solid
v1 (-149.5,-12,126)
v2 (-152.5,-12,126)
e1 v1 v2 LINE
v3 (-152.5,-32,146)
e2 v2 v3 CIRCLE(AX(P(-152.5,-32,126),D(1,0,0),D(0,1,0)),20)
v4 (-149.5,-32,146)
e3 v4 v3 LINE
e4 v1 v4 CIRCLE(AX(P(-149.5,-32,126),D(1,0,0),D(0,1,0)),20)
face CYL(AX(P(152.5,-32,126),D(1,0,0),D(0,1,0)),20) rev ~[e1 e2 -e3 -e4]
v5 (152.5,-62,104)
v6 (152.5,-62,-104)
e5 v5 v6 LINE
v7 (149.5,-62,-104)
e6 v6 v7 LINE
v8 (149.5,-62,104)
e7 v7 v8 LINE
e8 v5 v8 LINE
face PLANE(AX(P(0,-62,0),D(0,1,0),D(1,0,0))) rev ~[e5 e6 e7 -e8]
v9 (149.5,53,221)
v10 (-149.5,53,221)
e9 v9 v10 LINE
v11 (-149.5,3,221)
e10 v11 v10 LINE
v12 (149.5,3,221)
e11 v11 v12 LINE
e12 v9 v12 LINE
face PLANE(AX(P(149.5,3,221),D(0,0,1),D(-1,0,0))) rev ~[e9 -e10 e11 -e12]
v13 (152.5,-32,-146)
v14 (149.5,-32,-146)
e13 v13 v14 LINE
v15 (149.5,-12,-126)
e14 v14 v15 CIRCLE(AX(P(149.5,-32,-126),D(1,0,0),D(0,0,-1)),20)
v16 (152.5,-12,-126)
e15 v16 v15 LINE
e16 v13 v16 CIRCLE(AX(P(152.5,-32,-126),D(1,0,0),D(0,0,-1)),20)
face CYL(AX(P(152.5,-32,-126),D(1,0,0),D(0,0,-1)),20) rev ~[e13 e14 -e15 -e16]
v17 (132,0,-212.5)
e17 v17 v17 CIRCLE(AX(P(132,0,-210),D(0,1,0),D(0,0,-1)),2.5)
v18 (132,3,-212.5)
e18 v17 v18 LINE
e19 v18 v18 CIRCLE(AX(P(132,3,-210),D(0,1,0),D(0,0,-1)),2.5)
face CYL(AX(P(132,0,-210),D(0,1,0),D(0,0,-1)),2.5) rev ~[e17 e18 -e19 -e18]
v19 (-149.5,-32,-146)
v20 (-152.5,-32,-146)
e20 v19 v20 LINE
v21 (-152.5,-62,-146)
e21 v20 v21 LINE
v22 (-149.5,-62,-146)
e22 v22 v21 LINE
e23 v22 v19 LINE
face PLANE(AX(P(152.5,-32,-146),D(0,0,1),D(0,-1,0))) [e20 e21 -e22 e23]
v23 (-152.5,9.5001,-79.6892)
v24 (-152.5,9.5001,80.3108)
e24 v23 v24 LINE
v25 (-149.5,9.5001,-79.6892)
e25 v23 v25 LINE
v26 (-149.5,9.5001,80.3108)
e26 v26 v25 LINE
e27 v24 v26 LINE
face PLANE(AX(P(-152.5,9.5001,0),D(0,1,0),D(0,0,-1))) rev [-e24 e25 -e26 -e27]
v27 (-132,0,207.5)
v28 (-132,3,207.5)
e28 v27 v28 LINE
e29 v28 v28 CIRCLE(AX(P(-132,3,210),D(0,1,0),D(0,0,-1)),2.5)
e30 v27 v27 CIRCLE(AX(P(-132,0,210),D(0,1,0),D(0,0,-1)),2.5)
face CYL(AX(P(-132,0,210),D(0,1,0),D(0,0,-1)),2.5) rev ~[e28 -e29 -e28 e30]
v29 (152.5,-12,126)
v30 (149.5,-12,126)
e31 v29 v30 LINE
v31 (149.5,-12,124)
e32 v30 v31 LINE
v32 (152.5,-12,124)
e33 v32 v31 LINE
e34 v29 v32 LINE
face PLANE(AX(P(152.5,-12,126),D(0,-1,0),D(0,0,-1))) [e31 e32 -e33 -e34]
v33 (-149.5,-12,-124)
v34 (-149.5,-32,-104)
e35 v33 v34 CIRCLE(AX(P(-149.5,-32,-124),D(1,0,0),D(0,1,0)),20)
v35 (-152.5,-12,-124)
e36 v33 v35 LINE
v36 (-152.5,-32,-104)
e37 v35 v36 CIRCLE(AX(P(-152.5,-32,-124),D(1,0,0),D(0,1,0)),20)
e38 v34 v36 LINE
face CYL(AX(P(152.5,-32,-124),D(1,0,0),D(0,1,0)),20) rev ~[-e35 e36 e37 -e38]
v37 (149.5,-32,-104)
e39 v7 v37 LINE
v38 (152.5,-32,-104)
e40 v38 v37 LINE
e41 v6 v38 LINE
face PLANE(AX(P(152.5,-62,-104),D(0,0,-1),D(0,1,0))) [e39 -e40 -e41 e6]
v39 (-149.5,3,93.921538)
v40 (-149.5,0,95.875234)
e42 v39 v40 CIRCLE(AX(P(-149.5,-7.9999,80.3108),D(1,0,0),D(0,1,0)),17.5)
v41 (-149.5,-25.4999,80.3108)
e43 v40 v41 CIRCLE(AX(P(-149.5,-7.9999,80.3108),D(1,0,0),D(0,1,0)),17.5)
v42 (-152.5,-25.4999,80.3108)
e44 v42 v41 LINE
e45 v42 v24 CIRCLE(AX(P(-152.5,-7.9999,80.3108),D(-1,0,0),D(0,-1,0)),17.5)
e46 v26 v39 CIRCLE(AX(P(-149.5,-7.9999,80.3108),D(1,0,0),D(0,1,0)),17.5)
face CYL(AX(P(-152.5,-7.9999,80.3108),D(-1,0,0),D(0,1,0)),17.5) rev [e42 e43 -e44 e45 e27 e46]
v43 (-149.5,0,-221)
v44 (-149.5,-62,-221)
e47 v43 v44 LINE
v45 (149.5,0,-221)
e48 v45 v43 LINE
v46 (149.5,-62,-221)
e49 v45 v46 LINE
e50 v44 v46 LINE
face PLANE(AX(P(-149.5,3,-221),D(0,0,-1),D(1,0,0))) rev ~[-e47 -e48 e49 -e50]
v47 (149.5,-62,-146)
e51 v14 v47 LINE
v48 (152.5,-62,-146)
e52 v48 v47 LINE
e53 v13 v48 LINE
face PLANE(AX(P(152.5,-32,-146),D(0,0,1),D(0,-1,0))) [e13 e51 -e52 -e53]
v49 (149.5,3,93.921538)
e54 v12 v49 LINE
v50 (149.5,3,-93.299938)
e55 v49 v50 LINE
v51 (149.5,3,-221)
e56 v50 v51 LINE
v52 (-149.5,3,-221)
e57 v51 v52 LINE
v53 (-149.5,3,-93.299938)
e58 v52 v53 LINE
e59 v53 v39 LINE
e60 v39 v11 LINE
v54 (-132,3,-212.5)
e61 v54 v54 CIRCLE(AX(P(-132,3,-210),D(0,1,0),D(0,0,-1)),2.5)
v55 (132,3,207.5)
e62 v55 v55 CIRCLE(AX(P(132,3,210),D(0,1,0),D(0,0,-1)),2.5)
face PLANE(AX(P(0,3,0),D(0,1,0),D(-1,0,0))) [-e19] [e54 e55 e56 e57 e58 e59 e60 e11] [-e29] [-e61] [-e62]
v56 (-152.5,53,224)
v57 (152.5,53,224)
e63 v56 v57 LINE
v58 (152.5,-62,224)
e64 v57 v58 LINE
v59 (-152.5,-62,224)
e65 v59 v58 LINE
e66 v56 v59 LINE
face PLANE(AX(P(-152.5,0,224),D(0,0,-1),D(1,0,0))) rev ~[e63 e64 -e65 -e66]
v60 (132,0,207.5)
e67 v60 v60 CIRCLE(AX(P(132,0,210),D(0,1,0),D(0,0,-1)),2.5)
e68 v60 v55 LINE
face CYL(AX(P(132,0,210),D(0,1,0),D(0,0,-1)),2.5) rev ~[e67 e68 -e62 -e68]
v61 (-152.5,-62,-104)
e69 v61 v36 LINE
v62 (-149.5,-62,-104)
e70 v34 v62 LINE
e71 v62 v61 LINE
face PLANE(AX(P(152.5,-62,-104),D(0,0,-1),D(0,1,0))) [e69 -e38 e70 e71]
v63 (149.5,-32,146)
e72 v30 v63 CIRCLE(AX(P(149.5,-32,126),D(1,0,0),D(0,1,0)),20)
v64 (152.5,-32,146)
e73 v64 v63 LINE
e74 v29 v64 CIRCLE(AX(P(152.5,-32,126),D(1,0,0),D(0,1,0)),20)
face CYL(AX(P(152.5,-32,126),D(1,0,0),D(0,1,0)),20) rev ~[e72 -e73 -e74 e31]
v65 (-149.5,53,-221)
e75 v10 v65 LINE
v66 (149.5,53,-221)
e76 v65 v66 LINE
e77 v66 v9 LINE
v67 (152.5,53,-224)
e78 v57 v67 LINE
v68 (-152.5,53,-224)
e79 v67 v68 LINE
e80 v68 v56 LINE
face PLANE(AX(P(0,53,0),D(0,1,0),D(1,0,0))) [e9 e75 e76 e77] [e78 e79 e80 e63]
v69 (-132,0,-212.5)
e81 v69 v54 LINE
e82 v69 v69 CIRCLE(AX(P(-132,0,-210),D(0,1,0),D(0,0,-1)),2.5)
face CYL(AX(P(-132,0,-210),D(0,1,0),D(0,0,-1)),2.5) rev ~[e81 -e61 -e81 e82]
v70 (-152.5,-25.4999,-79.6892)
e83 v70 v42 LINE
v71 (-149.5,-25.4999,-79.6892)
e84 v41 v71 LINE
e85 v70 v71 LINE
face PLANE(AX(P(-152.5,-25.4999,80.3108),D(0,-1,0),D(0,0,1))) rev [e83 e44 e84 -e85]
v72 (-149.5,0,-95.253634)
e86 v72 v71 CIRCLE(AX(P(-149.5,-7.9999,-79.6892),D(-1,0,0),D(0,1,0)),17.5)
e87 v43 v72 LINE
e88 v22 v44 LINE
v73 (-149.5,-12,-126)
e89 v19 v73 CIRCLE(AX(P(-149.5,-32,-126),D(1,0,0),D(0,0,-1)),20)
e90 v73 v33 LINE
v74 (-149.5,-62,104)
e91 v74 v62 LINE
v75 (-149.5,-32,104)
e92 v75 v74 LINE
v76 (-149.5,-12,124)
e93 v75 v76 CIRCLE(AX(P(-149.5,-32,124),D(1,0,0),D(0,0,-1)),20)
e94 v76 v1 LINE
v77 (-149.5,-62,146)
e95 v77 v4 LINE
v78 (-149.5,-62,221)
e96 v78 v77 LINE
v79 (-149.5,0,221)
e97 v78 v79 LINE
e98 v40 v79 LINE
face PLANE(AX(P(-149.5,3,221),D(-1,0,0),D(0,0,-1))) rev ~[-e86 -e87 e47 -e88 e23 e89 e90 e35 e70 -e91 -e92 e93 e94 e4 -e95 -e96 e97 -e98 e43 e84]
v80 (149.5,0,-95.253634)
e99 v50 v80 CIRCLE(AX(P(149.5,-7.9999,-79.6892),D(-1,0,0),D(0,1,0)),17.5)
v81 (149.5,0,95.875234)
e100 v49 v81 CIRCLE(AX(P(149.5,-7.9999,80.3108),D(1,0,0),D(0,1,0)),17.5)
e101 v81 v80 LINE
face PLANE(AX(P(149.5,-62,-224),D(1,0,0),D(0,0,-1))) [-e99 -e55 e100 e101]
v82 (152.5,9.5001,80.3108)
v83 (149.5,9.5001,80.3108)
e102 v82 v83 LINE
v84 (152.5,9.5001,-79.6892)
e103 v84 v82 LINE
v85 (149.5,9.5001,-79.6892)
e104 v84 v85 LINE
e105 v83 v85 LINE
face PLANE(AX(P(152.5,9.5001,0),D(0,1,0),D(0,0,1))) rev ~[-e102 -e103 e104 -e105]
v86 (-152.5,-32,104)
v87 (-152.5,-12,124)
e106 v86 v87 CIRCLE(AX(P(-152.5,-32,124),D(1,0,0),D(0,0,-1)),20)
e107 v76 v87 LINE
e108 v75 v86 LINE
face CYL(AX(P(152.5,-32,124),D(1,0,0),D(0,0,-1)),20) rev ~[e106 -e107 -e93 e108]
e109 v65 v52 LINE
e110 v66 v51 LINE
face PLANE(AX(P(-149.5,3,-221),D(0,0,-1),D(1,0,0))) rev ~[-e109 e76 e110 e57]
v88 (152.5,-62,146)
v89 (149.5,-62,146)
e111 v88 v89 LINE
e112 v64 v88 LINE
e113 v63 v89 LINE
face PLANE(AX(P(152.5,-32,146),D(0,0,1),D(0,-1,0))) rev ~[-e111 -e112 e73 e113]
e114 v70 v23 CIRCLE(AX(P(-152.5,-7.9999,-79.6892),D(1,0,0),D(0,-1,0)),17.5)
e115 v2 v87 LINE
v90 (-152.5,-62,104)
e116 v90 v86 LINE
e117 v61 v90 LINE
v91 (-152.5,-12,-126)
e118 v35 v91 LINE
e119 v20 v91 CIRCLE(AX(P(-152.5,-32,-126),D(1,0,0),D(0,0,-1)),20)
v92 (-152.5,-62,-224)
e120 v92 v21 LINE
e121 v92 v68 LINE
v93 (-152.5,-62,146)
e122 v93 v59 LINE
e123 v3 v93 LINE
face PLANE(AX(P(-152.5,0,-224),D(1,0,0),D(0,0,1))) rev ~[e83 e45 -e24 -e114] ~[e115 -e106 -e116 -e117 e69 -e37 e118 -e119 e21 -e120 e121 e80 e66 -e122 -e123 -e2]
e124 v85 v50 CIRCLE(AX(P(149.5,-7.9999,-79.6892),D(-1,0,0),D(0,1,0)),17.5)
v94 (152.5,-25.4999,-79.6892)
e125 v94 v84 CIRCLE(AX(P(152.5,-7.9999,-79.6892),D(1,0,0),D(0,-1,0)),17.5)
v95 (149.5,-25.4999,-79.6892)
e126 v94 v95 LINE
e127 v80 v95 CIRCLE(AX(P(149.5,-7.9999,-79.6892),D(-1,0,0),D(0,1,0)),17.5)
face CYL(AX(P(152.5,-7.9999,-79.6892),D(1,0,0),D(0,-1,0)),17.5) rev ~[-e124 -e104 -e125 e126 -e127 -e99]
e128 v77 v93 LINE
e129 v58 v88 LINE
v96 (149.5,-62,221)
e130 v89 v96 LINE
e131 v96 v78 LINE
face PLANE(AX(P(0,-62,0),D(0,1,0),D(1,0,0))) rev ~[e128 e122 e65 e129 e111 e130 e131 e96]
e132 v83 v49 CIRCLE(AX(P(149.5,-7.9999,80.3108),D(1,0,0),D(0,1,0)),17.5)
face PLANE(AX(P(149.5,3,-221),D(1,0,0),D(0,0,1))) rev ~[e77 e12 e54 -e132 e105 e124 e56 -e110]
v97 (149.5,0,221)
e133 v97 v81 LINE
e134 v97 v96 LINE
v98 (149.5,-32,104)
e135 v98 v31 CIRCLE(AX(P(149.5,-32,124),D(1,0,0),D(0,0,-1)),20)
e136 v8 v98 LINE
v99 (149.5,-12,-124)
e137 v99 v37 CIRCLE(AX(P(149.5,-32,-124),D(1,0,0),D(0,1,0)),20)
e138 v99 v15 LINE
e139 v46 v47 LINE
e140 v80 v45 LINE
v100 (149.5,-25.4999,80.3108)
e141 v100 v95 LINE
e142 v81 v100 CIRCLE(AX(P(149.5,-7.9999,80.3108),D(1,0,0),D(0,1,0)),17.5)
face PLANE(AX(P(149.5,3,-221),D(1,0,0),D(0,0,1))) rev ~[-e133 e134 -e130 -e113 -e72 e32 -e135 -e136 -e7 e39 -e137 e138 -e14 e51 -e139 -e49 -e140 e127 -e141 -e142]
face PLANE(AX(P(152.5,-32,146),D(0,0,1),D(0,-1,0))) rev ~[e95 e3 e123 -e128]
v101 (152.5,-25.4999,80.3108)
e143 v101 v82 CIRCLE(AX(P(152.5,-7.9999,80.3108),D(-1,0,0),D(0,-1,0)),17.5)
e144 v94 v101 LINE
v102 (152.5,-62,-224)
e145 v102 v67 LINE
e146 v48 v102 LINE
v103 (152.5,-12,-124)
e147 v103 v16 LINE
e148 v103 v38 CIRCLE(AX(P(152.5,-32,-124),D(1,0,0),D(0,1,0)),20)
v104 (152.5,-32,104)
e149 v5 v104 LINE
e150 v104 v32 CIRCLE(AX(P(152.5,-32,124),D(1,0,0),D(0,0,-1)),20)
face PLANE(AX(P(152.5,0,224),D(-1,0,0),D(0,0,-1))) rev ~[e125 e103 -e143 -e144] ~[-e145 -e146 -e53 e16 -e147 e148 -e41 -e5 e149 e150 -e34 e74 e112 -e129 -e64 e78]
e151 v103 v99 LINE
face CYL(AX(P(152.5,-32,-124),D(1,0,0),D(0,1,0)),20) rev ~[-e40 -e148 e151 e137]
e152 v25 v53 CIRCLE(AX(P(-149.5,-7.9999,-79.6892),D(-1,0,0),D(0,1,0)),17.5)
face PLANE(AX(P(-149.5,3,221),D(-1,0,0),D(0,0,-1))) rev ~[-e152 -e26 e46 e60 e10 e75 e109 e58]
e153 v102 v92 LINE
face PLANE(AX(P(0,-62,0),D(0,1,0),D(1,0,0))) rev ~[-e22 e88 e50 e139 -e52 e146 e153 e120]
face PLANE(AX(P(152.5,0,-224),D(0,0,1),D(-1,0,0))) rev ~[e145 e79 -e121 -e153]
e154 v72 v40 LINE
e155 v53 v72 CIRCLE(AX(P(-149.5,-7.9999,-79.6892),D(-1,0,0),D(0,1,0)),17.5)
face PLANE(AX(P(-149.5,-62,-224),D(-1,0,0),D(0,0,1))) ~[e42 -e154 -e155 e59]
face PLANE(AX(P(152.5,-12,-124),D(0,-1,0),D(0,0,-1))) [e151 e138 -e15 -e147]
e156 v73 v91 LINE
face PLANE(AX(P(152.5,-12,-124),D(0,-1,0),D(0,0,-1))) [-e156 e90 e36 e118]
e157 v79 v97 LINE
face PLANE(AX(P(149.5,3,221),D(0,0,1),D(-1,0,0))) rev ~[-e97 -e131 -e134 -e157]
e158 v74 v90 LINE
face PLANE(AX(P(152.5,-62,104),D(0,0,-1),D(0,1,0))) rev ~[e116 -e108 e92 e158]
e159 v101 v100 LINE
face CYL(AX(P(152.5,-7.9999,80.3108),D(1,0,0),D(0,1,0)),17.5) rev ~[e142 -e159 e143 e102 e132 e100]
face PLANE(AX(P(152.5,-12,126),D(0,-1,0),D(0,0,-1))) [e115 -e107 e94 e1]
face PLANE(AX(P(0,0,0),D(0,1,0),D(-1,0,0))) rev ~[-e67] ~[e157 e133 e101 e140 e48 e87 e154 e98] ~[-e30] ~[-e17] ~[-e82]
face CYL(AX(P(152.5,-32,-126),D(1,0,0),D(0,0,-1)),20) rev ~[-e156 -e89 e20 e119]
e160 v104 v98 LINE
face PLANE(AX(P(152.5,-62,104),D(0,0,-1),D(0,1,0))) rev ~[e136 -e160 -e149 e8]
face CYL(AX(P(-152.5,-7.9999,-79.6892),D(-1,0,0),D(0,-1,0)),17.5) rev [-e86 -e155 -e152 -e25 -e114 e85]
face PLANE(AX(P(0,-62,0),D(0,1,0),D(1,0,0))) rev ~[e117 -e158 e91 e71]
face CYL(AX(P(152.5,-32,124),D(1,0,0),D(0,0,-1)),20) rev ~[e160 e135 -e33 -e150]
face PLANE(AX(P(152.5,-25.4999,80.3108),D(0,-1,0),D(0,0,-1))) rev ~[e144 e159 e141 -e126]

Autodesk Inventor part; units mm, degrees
ref_plane "YZ Plane" through (0, 0, 0) normal (1, 0, 0) x (0, 1, 0)
ref_plane "XZ Plane" through (0, 0, 0) normal (0, 1, 0) x (-1, 0, 0)
sketch "Sketch1" plane through (0, 0, 0) normal (0, 1, 0) x (-1, 0, 0)
  line L0 (-152.5, -224) -> (152.5, -224)
  line L1 (152.5, -224) -> (152.5, 224)
  line L2 (152.5, 224) -> (-152.5, 224)
  line L3 (-152.5, 224) -> (-152.5, -224)
  line L4 (-152.5, -224) -> (152.5, 224) construction
  line L5 (152.5, -224) -> (-152.5, 224) construction
  point P0 (0, 0)
  point P1 (132, 210)
  point P2 (-132, -210)
  point P3 (132, -210)
  point P4 (-132, 210)
  dimension "d0" = 305
  dimension "d1" = 448
extrude "Extrusion1" add sketch "Sketch1" along normal blind 3
sketch "Sketch2" plane through (0, 3, 0) normal (0, 1, 0) x (1, 0, 0)
  line L0 (-152.5, 224) -> (-152.5, -224) projected
  line L1 (-152.5, -224) -> (152.5, -224) projected
  line L2 (152.5, -224) -> (152.5, 224) projected
  line L3 (152.5, 224) -> (-152.5, 224) projected
  line L4 (-152.5, 224) -> (-152.5, -224) projected
  line L5 (-152.5, -224) -> (152.5, -224) projected
  line L6 (152.5, -224) -> (152.5, 224) projected
  line L7 (152.5, 224) -> (-152.5, 224) projected
  line L8 (-149.5, -221) -> (-149.5, 221)
  line L9 (-149.5, 221) -> (149.5, 221)
  line L10 (149.5, 221) -> (149.5, -221)
  line L11 (149.5, -221) -> (-149.5, -221)
  point P0 (0, 0)
  dimension "d4" = 3
extrude "Extrusion2" add sketch "Sketch2" along normal blind 50 and the other way blind 65
hole "Hole1" at (132, 0, -210) at (132, 0, 210) at (-132, 0, 210) at (-132, 0, -210) direction (0, 1, 0) diameter 5 end through all
sketch "Sketch3" plane through (152.5, -62, -224) normal (1, 0, 0) x (0, 0, -1)
  line L0 (0, 0) -> (0, 115) projected
  line L1 (-448, 115) -> (0, 115) projected
  line L2 (-448, 0) -> (-448, 115) projected
  line L3 (0, 0) -> (-448, 0) projected
  point P0 (-224, 62)
sketch "Sketch4" plane through (152.5, -62, -224) normal (1, 0, 0) x (0, 0, -1)
  line L0 (0, 0) -> (0, 115) projected
  line L1 (-448, 115) -> (0, 115) projected
  line L2 (-448, 0) -> (-448, 115) projected
  line L3 (0, 0) -> (-448, 0) projected
  point P0 (-224, 62)
sketch "Sketch5" plane through (152.5, -62, -224) normal (1, 0, 0) x (0, 0, -1)
  line L0 (0, 0) -> (0, 115) projected
  line L1 (-448, 115) -> (0, 115) projected
  line L2 (-448, 0) -> (-448, 115) projected
  line L3 (0, 0) -> (-448, 0) projected
  line L4 (0, 0) -> (-448, 0) projected
  point P0 (-224, 62)
  point P1 (-224, 62)
  point P2 (-99, 25)
  dimension "d16" = 99
  dimension "d17" = 25
sketch "Sketch6" plane through (152.5, -62, -224) normal (1, 0, 0) x (0, 0, -1)
  line L0 (0, 0) -> (-448, 0) projected
  line L1 (-445, 115) -> (-3, 115) projected
  line L2 (-224, 115) -> (-224, 0)
  line L3 (-78, 0) -> (-120, 0)
  line L4 (-120, 0) -> (-120, 30)
  line L5 (-100, 50) -> (-98, 50)
  line L6 (-78, 30) -> (-78, 0)
  line L7 (-78, 0) -> (-120, 50) construction
  line L8 (-120, 0) -> (-78, 50) construction
  line L9 (-448, 0) -> (-448, 115) projected
  arc A0 (-100, 50) -> (-120, 30) centre (-100, 30) ccw
  arc A1 (-78, 30) -> (-98, 50) centre (-98, 30) ccw
  line L10 (-328, 0) -> (-328, 30)
  line L11 (-370, 30) -> (-370, 0)
  line L12 (-370, 0) -> (-328, 50) construction
  line L13 (-328, 0) -> (-370, 50) construction
  arc A2 (-328, 30) -> (-348, 50) centre (-348, 30) ccw
  arc A3 (-350, 50) -> (-370, 30) centre (-350, 30) ccw
  line L14 (-304.3108, 54.0001) -> (-144.3108, 54.0001) construction
  line L15 (-445, 62) -> (-3, 62) projected
  line L16 (-304.3108, 36.5001) -> (-144.3108, 36.5001)
  line L17 (-144.3108, 71.5001) -> (-304.3108, 71.5001)
  arc A4 (-304.3108, 71.5001) -> (-304.3108, 36.5001) centre (-304.3108, 54.0001) ccw
  arc A5 (-144.3108, 36.5001) -> (-144.3108, 71.5001) centre (-144.3108, 54.0001) ccw
  line L18 (-370, 0) -> (-328, 0)
  line L19 (-328, 0) -> (-328, 30)
  line L20 (-328, 30) -> (-370, 30)
  line L21 (-370, 30) -> (-370, 0)
  line L22 (-350, 50) -> (-348, 50)
  point P0 (-224, 62)
  point P1 (-99, 25)
  point P2 (-99, 25)
  point P3 (-99, 25)
  point P4 (-120, 0)
  point P5 (-78, 0)
  point P6 (-349, 25)
  point P7 (-349, 25)
  point P8 (-99, 50)
  point P9 (-349, 50)
  point P10 (-370, 0)
  point P11 (-328, 0)
  point P12 (-224.3108, 54.0001)
  point P13 (-304.3108, 54.0001)
  dimension "d18" = 42
  dimension "d19" = 50
  dimension "d26" = 20
  dimension "d27" = 20
  dimension "d28" = 99
  dimension "d29" = 25
  dimension "d32" = 35
extrude "Extrusion3" cut sketch "Sketch6" against normal through all contours L0 L4 A0 L5 A1 L6
extrude "Extrusion4" cut sketch "Sketch6" against normal through all contours L0 L11 L20 L10 | L20 A3 L22 A2
extrude "Extrusion5" cut sketch "Sketch6" against normal blind 3 contours L16 A4 L15 L2 | L2 L15 A5 L16 | L15 A4 L17 L2 | L2 L17 A5 L15
sketch "Sketch7" plane through (152.5, -62, -224) normal (1, 0, 0) x (0, 0, -1)
  arc A0 (-144.3108, 36.5001) -> (-144.3108, 71.5001) centre (-144.3108, 54.0001) ccw projected
  line L0 (-144.3108, 36.5001) -> (-304.3108, 36.5001) projected
  arc A1 (-304.3108, 71.5001) -> (-304.3108, 36.5001) centre (-304.3108, 54.0001) ccw projected
  line L1 (-304.3108, 71.5001) -> (-144.3108, 71.5001) projected
  line L2 (-370, 0) -> (-370, 30) projected
  arc A2 (-328, 30) -> (-348, 50) centre (-348, 30) ccw projected
  line L3 (-328, 30) -> (-328, 0) projected
  line L4 (-120, 0) -> (-328, 0) projected
  line L5 (-120, 0) -> (-120, 30) projected
  arc A3 (-100, 50) -> (-120, 30) centre (-100, 30) ccw projected
  line L6 (-78, 30) -> (-78, 0) projected
  line L7 (0, 0) -> (-78, 0) projected
  line L8 (0, 0) -> (0, 115) projected
  line L9 (-448, 115) -> (0, 115) projected
  line L10 (-448, 0) -> (-448, 115) projected
  line L11 (-370, 0) -> (-448, 0) projected
  point P0 (-369, 30)
  point P1 (-79, 30)
  point P2 (-224, 62)
ref_plane "Work Plane2" through (0, -62, -224) normal (1, 0, 0) x (0, 0, -1)
sketch "Sketch8" plane through (152.5, -62, -224) normal (1, 0, 0) x (0, 0, -1)
  arc A0 (-144.3108, 36.5001) -> (-144.3108, 71.5001) centre (-144.3108, 54.0001) ccw projected
  line L0 (-144.3108, 36.5001) -> (-304.3108, 36.5001) projected
  arc A1 (-304.3108, 71.5001) -> (-304.3108, 36.5001) centre (-304.3108, 54.0001) ccw projected
  line L1 (-304.3108, 71.5001) -> (-144.3108, 71.5001) projected
  line L2 (-370, 0) -> (-370, 30) projected
  arc A2 (-328, 30) -> (-348, 50) centre (-348, 30) ccw projected
  line L3 (-328, 30) -> (-328, 0) projected
  line L4 (-120, 0) -> (-328, 0) projected
  line L5 (-120, 0) -> (-120, 30) projected
  arc A3 (-100, 50) -> (-120, 30) centre (-100, 30) ccw projected
  line L6 (-78, 30) -> (-78, 0) projected
  line L7 (0, 0) -> (-78, 0) projected
  line L8 (0, 0) -> (0, 115) projected
  line L9 (-448, 115) -> (0, 115) projected
  line L10 (-448, 0) -> (-448, 115) projected
  line L11 (-370, 0) -> (-448, 0) projected
  point P0 (-369, 30)
  point P1 (-79, 30)
  point P2 (-224, 62)
mirror "Mirror1" about plane through (0, -62, -224) normal (1, 0, 0) of "Extrusion5"
properties part number "AMR_Top_Basket" material "Aluminum 6061"
